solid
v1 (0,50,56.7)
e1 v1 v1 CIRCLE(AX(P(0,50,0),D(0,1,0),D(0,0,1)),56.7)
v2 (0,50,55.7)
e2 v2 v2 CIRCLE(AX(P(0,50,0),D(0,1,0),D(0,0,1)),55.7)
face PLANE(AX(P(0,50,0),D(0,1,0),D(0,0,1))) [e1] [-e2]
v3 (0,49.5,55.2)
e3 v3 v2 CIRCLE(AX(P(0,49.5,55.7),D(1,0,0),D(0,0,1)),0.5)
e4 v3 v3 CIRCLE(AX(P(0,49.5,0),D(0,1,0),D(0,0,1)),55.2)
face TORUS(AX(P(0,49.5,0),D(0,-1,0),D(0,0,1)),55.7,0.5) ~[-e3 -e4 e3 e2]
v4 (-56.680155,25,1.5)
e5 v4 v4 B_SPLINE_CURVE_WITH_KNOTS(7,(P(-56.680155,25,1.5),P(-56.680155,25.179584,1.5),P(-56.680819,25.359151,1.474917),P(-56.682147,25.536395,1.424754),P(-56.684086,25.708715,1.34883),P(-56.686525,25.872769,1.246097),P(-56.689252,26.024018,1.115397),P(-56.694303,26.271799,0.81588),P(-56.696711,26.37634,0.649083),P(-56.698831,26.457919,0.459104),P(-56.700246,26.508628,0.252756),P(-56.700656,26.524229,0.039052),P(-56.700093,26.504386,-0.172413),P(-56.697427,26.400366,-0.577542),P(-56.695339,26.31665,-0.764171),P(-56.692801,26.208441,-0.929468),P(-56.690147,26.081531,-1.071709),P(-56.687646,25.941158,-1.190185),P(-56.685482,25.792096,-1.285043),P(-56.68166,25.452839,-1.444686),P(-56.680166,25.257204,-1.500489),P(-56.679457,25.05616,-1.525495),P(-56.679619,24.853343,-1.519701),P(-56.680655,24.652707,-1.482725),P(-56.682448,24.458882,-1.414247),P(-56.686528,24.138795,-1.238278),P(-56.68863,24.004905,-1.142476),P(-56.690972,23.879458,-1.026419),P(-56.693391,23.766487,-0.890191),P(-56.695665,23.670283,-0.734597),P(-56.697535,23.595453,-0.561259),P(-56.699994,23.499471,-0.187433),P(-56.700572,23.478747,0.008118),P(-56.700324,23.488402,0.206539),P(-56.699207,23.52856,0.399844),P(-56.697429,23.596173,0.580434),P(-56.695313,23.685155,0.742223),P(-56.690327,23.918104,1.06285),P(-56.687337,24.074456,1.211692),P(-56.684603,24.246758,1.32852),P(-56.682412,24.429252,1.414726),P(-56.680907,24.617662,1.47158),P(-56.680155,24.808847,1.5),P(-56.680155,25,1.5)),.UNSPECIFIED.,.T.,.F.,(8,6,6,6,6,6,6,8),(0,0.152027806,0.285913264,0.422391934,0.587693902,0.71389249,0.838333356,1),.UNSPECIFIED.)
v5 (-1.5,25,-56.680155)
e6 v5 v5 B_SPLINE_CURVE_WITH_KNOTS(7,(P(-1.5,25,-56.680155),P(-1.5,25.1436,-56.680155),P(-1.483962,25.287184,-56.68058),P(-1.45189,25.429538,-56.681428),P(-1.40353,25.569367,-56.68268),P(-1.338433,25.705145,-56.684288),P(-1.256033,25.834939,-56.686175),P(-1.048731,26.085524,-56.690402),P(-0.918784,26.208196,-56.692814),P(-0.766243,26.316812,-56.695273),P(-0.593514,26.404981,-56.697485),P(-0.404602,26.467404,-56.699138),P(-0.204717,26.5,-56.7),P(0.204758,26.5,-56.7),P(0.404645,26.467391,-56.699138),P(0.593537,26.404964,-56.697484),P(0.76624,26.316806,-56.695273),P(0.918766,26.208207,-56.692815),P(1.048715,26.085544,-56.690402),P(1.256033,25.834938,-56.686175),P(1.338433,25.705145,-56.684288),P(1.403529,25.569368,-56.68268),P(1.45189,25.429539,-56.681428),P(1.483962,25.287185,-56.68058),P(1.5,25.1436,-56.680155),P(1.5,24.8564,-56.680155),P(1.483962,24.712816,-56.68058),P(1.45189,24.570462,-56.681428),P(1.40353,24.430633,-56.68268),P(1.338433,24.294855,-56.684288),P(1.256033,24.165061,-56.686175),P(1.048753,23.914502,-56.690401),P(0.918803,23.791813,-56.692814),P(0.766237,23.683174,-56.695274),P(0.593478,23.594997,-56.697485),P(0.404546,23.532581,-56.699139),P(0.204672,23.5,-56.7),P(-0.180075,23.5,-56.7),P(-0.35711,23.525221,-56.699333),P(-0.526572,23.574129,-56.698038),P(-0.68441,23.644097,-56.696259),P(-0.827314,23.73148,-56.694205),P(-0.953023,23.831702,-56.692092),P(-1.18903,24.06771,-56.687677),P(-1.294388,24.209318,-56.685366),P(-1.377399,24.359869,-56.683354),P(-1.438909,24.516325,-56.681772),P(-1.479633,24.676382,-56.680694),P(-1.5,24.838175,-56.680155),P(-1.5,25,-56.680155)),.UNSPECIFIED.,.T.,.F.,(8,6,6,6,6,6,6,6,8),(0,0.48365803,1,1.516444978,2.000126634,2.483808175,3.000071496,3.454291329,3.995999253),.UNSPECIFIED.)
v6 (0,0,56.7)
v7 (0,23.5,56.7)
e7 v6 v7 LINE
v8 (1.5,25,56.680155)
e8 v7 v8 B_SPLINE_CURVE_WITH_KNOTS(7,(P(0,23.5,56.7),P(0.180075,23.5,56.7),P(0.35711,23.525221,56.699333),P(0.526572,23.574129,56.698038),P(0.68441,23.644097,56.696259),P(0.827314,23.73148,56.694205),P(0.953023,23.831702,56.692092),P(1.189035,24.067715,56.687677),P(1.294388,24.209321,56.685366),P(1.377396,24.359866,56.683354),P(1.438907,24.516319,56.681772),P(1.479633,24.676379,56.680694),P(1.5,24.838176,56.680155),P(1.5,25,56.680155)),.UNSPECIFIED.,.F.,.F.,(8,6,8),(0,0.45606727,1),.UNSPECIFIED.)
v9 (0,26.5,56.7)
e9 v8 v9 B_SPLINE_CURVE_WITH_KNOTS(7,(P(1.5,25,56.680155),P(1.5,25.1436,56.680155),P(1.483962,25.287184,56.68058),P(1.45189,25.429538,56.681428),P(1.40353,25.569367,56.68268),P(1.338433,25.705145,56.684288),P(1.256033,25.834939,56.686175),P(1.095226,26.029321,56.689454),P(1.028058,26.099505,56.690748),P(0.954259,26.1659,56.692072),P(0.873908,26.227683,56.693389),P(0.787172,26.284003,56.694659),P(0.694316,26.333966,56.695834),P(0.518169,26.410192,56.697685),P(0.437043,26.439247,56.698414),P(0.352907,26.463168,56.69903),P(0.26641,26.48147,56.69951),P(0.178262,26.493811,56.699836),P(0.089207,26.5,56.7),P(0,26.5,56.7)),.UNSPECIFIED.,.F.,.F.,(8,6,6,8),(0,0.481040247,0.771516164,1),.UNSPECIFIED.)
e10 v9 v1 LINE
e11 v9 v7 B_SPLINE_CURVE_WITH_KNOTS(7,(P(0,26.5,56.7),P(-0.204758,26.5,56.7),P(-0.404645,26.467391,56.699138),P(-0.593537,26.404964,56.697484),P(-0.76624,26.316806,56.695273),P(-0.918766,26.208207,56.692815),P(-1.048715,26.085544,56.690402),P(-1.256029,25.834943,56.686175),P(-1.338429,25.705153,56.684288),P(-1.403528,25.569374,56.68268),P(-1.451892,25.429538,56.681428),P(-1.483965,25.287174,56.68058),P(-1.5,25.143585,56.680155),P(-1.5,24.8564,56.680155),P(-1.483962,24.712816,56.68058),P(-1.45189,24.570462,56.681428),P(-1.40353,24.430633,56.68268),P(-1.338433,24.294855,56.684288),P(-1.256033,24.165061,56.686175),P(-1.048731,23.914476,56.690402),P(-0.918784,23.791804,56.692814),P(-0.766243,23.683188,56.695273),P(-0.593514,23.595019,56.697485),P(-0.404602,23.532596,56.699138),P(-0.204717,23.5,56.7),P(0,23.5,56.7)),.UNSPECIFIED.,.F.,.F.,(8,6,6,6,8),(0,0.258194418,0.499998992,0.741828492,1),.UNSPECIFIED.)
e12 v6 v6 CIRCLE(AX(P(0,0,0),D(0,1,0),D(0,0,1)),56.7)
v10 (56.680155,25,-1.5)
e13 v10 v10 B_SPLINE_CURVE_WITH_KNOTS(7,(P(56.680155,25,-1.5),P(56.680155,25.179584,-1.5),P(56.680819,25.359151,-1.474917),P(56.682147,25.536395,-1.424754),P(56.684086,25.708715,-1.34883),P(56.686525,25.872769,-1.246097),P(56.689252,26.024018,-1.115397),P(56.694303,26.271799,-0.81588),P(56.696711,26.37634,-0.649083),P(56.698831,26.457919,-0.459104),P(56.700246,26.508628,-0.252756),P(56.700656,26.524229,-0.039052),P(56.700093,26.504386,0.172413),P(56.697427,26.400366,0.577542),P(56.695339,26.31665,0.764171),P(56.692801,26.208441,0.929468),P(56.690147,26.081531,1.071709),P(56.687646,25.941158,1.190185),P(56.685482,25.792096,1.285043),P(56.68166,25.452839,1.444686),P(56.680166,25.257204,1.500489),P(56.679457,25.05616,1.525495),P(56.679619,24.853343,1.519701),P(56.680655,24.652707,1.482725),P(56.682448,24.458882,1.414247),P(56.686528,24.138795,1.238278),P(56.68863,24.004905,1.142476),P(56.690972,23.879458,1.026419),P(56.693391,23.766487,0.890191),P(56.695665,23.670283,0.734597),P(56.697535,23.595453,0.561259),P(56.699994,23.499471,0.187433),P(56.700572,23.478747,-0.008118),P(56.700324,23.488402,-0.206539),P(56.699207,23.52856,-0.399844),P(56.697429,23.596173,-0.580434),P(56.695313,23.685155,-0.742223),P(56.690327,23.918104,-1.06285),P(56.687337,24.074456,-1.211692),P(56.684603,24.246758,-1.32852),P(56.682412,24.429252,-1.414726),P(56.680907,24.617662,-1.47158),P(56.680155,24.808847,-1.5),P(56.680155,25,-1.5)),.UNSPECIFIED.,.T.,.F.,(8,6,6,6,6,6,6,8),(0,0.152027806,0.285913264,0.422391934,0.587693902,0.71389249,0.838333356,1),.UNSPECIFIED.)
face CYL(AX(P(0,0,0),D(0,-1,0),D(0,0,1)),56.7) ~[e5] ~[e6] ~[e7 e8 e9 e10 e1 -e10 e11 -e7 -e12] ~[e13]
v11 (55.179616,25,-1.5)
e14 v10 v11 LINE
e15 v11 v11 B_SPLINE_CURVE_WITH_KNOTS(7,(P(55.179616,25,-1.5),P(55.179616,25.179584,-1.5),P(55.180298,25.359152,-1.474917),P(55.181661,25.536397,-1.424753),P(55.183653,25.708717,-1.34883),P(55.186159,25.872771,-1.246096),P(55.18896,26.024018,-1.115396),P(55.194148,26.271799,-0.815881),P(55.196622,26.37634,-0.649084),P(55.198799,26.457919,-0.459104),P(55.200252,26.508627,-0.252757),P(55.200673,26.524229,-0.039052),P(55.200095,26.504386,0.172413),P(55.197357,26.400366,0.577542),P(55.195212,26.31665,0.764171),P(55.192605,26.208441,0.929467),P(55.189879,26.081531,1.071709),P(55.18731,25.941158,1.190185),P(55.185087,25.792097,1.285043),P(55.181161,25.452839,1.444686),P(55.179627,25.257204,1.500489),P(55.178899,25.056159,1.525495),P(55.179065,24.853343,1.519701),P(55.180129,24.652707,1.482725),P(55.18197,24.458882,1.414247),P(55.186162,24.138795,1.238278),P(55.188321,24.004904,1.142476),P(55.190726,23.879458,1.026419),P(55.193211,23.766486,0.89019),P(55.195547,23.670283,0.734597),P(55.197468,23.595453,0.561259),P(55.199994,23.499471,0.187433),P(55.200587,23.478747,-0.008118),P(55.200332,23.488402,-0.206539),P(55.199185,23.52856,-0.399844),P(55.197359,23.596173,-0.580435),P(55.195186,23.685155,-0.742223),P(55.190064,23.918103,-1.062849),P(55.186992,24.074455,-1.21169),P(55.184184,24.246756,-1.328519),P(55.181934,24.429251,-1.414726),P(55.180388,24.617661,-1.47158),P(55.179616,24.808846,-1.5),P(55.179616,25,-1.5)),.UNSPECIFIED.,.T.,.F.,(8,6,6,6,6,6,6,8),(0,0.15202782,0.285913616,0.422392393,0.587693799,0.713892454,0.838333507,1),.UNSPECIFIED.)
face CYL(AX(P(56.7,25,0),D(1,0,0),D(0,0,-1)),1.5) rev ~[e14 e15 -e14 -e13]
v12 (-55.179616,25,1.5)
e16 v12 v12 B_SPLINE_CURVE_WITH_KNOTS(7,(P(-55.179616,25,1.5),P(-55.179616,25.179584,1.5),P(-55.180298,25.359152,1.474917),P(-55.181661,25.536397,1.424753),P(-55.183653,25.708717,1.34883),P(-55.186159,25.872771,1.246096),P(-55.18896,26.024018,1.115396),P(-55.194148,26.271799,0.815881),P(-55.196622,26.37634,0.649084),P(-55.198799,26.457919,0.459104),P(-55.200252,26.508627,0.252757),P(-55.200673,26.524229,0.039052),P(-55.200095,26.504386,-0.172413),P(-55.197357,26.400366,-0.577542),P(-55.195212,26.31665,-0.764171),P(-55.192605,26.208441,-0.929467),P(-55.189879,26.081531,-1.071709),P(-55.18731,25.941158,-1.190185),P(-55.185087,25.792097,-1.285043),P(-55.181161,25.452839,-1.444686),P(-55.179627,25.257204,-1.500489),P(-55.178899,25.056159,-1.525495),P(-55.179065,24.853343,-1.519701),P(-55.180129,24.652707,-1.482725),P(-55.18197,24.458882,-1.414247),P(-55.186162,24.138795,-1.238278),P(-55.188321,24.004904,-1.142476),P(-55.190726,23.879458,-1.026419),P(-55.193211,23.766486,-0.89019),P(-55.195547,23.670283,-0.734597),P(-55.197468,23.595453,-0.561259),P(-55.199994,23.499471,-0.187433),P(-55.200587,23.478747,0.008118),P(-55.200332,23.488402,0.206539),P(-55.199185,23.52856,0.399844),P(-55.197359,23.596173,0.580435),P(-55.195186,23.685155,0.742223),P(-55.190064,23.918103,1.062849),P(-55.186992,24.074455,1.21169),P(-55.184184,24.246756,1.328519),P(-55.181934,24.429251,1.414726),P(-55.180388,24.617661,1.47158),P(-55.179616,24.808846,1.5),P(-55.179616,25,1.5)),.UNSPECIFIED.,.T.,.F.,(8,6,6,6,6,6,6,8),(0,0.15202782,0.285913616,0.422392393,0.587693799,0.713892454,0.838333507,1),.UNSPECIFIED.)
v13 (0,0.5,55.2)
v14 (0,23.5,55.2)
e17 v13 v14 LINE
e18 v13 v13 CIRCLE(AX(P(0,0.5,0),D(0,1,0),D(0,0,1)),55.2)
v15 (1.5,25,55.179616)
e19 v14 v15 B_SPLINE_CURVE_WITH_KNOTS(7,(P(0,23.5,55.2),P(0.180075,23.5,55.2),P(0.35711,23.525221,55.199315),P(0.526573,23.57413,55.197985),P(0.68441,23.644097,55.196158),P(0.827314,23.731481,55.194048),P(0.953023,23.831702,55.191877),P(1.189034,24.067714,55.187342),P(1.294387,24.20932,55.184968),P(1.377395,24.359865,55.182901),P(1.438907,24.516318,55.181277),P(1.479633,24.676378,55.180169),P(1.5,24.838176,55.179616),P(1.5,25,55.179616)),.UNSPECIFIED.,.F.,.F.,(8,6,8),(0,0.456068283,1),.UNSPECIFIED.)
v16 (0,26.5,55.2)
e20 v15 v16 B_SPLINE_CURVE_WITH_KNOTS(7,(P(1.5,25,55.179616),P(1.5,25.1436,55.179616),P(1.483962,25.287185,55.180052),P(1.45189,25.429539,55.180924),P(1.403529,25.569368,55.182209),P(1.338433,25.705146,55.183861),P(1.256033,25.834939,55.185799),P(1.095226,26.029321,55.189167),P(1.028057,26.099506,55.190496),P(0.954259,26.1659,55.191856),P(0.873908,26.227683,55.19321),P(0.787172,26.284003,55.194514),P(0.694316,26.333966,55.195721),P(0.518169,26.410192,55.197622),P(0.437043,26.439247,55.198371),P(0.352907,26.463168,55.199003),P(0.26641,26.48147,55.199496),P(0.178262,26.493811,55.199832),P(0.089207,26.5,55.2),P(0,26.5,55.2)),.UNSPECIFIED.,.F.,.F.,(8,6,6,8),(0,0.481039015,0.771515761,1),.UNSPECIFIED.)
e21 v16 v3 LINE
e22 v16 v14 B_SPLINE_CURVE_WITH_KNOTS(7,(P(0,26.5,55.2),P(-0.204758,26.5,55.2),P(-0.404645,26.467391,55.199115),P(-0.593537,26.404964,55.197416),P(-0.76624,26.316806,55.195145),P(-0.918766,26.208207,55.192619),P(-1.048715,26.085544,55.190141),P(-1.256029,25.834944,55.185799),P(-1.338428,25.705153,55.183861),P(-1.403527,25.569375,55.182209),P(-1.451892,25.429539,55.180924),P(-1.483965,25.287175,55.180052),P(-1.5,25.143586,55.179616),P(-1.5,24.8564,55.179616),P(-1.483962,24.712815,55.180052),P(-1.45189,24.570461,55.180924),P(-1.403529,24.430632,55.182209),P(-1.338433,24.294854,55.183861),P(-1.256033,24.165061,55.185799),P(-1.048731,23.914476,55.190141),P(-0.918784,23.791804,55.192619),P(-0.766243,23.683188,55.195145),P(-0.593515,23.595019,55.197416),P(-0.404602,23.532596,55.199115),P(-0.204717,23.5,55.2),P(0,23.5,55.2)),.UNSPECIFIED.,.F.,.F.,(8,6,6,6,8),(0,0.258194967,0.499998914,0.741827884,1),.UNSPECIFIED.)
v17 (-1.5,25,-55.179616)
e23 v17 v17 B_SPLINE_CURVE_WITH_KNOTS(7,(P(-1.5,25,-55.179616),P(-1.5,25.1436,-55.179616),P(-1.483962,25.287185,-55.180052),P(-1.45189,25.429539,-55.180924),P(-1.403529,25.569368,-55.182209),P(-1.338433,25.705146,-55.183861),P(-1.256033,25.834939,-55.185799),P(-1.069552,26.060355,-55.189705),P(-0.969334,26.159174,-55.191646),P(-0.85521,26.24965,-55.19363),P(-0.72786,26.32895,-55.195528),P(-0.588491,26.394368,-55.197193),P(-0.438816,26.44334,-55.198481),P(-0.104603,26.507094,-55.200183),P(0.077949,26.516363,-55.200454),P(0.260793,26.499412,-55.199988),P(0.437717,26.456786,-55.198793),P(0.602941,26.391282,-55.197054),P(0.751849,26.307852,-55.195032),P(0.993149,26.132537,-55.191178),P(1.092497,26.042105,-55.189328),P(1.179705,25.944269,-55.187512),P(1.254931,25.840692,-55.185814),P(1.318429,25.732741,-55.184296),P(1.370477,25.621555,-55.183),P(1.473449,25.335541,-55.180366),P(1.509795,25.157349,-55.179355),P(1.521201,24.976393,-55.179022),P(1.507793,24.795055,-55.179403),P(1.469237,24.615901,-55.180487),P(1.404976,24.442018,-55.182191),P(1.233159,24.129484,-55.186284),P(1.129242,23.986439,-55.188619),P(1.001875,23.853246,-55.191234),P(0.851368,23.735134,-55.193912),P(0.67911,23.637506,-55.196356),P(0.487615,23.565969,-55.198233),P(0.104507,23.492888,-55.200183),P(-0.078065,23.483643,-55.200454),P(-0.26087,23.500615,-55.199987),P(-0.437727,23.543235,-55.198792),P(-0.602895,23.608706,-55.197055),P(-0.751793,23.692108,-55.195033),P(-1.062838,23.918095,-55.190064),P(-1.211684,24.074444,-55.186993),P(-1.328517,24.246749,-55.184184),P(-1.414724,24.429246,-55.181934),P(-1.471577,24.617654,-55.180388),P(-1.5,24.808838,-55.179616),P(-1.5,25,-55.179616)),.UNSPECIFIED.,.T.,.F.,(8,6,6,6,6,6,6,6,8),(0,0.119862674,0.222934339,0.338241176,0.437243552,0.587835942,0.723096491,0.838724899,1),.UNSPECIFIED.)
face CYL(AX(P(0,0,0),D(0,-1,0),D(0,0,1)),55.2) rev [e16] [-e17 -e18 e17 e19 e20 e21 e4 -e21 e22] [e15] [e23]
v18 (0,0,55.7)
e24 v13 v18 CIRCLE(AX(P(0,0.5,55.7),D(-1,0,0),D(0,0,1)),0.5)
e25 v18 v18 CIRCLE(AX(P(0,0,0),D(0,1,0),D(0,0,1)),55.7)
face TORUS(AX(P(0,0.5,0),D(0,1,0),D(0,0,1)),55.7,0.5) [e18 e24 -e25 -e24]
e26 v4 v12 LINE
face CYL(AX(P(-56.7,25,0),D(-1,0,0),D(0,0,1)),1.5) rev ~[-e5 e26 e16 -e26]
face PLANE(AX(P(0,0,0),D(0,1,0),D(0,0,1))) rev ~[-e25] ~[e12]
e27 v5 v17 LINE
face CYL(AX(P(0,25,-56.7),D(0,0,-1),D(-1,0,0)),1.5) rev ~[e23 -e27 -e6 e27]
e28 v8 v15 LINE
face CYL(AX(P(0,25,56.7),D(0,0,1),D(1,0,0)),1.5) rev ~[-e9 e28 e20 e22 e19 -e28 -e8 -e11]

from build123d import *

# Parameters (mm, degrees)
SKETCH1_R           = 56.7
SKETCH1_R_2         = 55.2
BOSS_EXTRUDE1_DEPTH = 50
FILLET1_R           = 0.5
SKETCH2_R           = 1.5
CUT_EXTRUDE1_DEPTH  = 10
CIRPATTERN1_COUNT   = 4


with BuildPart() as part:
    # Sketch1 → Boss-Extrude1 (new body)
    with BuildSketch(Plane(origin=(0, 0, 0), x_dir=(1, 0, 0), z_dir=(0, 1, 0))):
        with Locations(Location((0, 0, 0), (0, 0, 270))):
            Circle(SKETCH1_R)
        with Locations(Location((0, 0, 0), (0, 0, 270))):
            Circle(SKETCH1_R_2, mode=Mode.SUBTRACT)
    extrude(amount=BOSS_EXTRUDE1_DEPTH)

    # Fillet1
    fillet1_edges = [part.edges().sort_by_distance(p)[0] for p in [
        (0, 0, -55.2),
        (0, 50, -55.2),
    ]]
    fillet(fillet1_edges, radius=FILLET1_R)

    # Sketch2 → Cut-Extrude1 (cut)
    with BuildSketch(Plane(origin=(56.7, 0, 0), x_dir=(0, 0, -1), z_dir=(1, 0, 0))):
        with Locations((0, 25)):
            Circle(SKETCH2_R)
    cut_extrude1 = extrude(amount=-CUT_EXTRUDE1_DEPTH, mode=Mode.SUBTRACT)

    # CirPattern1: Cut-Extrude1 ×4 about axis
    cirpattern1_axis = Axis((0, 48.063508327, 0), (0, -1, 0))
    for i in range(1, CIRPATTERN1_COUNT):
        add(cut_extrude1.rotate(cirpattern1_axis, i * 360 / CIRPATTERN1_COUNT), mode=Mode.SUBTRACT)


solid = part.part
